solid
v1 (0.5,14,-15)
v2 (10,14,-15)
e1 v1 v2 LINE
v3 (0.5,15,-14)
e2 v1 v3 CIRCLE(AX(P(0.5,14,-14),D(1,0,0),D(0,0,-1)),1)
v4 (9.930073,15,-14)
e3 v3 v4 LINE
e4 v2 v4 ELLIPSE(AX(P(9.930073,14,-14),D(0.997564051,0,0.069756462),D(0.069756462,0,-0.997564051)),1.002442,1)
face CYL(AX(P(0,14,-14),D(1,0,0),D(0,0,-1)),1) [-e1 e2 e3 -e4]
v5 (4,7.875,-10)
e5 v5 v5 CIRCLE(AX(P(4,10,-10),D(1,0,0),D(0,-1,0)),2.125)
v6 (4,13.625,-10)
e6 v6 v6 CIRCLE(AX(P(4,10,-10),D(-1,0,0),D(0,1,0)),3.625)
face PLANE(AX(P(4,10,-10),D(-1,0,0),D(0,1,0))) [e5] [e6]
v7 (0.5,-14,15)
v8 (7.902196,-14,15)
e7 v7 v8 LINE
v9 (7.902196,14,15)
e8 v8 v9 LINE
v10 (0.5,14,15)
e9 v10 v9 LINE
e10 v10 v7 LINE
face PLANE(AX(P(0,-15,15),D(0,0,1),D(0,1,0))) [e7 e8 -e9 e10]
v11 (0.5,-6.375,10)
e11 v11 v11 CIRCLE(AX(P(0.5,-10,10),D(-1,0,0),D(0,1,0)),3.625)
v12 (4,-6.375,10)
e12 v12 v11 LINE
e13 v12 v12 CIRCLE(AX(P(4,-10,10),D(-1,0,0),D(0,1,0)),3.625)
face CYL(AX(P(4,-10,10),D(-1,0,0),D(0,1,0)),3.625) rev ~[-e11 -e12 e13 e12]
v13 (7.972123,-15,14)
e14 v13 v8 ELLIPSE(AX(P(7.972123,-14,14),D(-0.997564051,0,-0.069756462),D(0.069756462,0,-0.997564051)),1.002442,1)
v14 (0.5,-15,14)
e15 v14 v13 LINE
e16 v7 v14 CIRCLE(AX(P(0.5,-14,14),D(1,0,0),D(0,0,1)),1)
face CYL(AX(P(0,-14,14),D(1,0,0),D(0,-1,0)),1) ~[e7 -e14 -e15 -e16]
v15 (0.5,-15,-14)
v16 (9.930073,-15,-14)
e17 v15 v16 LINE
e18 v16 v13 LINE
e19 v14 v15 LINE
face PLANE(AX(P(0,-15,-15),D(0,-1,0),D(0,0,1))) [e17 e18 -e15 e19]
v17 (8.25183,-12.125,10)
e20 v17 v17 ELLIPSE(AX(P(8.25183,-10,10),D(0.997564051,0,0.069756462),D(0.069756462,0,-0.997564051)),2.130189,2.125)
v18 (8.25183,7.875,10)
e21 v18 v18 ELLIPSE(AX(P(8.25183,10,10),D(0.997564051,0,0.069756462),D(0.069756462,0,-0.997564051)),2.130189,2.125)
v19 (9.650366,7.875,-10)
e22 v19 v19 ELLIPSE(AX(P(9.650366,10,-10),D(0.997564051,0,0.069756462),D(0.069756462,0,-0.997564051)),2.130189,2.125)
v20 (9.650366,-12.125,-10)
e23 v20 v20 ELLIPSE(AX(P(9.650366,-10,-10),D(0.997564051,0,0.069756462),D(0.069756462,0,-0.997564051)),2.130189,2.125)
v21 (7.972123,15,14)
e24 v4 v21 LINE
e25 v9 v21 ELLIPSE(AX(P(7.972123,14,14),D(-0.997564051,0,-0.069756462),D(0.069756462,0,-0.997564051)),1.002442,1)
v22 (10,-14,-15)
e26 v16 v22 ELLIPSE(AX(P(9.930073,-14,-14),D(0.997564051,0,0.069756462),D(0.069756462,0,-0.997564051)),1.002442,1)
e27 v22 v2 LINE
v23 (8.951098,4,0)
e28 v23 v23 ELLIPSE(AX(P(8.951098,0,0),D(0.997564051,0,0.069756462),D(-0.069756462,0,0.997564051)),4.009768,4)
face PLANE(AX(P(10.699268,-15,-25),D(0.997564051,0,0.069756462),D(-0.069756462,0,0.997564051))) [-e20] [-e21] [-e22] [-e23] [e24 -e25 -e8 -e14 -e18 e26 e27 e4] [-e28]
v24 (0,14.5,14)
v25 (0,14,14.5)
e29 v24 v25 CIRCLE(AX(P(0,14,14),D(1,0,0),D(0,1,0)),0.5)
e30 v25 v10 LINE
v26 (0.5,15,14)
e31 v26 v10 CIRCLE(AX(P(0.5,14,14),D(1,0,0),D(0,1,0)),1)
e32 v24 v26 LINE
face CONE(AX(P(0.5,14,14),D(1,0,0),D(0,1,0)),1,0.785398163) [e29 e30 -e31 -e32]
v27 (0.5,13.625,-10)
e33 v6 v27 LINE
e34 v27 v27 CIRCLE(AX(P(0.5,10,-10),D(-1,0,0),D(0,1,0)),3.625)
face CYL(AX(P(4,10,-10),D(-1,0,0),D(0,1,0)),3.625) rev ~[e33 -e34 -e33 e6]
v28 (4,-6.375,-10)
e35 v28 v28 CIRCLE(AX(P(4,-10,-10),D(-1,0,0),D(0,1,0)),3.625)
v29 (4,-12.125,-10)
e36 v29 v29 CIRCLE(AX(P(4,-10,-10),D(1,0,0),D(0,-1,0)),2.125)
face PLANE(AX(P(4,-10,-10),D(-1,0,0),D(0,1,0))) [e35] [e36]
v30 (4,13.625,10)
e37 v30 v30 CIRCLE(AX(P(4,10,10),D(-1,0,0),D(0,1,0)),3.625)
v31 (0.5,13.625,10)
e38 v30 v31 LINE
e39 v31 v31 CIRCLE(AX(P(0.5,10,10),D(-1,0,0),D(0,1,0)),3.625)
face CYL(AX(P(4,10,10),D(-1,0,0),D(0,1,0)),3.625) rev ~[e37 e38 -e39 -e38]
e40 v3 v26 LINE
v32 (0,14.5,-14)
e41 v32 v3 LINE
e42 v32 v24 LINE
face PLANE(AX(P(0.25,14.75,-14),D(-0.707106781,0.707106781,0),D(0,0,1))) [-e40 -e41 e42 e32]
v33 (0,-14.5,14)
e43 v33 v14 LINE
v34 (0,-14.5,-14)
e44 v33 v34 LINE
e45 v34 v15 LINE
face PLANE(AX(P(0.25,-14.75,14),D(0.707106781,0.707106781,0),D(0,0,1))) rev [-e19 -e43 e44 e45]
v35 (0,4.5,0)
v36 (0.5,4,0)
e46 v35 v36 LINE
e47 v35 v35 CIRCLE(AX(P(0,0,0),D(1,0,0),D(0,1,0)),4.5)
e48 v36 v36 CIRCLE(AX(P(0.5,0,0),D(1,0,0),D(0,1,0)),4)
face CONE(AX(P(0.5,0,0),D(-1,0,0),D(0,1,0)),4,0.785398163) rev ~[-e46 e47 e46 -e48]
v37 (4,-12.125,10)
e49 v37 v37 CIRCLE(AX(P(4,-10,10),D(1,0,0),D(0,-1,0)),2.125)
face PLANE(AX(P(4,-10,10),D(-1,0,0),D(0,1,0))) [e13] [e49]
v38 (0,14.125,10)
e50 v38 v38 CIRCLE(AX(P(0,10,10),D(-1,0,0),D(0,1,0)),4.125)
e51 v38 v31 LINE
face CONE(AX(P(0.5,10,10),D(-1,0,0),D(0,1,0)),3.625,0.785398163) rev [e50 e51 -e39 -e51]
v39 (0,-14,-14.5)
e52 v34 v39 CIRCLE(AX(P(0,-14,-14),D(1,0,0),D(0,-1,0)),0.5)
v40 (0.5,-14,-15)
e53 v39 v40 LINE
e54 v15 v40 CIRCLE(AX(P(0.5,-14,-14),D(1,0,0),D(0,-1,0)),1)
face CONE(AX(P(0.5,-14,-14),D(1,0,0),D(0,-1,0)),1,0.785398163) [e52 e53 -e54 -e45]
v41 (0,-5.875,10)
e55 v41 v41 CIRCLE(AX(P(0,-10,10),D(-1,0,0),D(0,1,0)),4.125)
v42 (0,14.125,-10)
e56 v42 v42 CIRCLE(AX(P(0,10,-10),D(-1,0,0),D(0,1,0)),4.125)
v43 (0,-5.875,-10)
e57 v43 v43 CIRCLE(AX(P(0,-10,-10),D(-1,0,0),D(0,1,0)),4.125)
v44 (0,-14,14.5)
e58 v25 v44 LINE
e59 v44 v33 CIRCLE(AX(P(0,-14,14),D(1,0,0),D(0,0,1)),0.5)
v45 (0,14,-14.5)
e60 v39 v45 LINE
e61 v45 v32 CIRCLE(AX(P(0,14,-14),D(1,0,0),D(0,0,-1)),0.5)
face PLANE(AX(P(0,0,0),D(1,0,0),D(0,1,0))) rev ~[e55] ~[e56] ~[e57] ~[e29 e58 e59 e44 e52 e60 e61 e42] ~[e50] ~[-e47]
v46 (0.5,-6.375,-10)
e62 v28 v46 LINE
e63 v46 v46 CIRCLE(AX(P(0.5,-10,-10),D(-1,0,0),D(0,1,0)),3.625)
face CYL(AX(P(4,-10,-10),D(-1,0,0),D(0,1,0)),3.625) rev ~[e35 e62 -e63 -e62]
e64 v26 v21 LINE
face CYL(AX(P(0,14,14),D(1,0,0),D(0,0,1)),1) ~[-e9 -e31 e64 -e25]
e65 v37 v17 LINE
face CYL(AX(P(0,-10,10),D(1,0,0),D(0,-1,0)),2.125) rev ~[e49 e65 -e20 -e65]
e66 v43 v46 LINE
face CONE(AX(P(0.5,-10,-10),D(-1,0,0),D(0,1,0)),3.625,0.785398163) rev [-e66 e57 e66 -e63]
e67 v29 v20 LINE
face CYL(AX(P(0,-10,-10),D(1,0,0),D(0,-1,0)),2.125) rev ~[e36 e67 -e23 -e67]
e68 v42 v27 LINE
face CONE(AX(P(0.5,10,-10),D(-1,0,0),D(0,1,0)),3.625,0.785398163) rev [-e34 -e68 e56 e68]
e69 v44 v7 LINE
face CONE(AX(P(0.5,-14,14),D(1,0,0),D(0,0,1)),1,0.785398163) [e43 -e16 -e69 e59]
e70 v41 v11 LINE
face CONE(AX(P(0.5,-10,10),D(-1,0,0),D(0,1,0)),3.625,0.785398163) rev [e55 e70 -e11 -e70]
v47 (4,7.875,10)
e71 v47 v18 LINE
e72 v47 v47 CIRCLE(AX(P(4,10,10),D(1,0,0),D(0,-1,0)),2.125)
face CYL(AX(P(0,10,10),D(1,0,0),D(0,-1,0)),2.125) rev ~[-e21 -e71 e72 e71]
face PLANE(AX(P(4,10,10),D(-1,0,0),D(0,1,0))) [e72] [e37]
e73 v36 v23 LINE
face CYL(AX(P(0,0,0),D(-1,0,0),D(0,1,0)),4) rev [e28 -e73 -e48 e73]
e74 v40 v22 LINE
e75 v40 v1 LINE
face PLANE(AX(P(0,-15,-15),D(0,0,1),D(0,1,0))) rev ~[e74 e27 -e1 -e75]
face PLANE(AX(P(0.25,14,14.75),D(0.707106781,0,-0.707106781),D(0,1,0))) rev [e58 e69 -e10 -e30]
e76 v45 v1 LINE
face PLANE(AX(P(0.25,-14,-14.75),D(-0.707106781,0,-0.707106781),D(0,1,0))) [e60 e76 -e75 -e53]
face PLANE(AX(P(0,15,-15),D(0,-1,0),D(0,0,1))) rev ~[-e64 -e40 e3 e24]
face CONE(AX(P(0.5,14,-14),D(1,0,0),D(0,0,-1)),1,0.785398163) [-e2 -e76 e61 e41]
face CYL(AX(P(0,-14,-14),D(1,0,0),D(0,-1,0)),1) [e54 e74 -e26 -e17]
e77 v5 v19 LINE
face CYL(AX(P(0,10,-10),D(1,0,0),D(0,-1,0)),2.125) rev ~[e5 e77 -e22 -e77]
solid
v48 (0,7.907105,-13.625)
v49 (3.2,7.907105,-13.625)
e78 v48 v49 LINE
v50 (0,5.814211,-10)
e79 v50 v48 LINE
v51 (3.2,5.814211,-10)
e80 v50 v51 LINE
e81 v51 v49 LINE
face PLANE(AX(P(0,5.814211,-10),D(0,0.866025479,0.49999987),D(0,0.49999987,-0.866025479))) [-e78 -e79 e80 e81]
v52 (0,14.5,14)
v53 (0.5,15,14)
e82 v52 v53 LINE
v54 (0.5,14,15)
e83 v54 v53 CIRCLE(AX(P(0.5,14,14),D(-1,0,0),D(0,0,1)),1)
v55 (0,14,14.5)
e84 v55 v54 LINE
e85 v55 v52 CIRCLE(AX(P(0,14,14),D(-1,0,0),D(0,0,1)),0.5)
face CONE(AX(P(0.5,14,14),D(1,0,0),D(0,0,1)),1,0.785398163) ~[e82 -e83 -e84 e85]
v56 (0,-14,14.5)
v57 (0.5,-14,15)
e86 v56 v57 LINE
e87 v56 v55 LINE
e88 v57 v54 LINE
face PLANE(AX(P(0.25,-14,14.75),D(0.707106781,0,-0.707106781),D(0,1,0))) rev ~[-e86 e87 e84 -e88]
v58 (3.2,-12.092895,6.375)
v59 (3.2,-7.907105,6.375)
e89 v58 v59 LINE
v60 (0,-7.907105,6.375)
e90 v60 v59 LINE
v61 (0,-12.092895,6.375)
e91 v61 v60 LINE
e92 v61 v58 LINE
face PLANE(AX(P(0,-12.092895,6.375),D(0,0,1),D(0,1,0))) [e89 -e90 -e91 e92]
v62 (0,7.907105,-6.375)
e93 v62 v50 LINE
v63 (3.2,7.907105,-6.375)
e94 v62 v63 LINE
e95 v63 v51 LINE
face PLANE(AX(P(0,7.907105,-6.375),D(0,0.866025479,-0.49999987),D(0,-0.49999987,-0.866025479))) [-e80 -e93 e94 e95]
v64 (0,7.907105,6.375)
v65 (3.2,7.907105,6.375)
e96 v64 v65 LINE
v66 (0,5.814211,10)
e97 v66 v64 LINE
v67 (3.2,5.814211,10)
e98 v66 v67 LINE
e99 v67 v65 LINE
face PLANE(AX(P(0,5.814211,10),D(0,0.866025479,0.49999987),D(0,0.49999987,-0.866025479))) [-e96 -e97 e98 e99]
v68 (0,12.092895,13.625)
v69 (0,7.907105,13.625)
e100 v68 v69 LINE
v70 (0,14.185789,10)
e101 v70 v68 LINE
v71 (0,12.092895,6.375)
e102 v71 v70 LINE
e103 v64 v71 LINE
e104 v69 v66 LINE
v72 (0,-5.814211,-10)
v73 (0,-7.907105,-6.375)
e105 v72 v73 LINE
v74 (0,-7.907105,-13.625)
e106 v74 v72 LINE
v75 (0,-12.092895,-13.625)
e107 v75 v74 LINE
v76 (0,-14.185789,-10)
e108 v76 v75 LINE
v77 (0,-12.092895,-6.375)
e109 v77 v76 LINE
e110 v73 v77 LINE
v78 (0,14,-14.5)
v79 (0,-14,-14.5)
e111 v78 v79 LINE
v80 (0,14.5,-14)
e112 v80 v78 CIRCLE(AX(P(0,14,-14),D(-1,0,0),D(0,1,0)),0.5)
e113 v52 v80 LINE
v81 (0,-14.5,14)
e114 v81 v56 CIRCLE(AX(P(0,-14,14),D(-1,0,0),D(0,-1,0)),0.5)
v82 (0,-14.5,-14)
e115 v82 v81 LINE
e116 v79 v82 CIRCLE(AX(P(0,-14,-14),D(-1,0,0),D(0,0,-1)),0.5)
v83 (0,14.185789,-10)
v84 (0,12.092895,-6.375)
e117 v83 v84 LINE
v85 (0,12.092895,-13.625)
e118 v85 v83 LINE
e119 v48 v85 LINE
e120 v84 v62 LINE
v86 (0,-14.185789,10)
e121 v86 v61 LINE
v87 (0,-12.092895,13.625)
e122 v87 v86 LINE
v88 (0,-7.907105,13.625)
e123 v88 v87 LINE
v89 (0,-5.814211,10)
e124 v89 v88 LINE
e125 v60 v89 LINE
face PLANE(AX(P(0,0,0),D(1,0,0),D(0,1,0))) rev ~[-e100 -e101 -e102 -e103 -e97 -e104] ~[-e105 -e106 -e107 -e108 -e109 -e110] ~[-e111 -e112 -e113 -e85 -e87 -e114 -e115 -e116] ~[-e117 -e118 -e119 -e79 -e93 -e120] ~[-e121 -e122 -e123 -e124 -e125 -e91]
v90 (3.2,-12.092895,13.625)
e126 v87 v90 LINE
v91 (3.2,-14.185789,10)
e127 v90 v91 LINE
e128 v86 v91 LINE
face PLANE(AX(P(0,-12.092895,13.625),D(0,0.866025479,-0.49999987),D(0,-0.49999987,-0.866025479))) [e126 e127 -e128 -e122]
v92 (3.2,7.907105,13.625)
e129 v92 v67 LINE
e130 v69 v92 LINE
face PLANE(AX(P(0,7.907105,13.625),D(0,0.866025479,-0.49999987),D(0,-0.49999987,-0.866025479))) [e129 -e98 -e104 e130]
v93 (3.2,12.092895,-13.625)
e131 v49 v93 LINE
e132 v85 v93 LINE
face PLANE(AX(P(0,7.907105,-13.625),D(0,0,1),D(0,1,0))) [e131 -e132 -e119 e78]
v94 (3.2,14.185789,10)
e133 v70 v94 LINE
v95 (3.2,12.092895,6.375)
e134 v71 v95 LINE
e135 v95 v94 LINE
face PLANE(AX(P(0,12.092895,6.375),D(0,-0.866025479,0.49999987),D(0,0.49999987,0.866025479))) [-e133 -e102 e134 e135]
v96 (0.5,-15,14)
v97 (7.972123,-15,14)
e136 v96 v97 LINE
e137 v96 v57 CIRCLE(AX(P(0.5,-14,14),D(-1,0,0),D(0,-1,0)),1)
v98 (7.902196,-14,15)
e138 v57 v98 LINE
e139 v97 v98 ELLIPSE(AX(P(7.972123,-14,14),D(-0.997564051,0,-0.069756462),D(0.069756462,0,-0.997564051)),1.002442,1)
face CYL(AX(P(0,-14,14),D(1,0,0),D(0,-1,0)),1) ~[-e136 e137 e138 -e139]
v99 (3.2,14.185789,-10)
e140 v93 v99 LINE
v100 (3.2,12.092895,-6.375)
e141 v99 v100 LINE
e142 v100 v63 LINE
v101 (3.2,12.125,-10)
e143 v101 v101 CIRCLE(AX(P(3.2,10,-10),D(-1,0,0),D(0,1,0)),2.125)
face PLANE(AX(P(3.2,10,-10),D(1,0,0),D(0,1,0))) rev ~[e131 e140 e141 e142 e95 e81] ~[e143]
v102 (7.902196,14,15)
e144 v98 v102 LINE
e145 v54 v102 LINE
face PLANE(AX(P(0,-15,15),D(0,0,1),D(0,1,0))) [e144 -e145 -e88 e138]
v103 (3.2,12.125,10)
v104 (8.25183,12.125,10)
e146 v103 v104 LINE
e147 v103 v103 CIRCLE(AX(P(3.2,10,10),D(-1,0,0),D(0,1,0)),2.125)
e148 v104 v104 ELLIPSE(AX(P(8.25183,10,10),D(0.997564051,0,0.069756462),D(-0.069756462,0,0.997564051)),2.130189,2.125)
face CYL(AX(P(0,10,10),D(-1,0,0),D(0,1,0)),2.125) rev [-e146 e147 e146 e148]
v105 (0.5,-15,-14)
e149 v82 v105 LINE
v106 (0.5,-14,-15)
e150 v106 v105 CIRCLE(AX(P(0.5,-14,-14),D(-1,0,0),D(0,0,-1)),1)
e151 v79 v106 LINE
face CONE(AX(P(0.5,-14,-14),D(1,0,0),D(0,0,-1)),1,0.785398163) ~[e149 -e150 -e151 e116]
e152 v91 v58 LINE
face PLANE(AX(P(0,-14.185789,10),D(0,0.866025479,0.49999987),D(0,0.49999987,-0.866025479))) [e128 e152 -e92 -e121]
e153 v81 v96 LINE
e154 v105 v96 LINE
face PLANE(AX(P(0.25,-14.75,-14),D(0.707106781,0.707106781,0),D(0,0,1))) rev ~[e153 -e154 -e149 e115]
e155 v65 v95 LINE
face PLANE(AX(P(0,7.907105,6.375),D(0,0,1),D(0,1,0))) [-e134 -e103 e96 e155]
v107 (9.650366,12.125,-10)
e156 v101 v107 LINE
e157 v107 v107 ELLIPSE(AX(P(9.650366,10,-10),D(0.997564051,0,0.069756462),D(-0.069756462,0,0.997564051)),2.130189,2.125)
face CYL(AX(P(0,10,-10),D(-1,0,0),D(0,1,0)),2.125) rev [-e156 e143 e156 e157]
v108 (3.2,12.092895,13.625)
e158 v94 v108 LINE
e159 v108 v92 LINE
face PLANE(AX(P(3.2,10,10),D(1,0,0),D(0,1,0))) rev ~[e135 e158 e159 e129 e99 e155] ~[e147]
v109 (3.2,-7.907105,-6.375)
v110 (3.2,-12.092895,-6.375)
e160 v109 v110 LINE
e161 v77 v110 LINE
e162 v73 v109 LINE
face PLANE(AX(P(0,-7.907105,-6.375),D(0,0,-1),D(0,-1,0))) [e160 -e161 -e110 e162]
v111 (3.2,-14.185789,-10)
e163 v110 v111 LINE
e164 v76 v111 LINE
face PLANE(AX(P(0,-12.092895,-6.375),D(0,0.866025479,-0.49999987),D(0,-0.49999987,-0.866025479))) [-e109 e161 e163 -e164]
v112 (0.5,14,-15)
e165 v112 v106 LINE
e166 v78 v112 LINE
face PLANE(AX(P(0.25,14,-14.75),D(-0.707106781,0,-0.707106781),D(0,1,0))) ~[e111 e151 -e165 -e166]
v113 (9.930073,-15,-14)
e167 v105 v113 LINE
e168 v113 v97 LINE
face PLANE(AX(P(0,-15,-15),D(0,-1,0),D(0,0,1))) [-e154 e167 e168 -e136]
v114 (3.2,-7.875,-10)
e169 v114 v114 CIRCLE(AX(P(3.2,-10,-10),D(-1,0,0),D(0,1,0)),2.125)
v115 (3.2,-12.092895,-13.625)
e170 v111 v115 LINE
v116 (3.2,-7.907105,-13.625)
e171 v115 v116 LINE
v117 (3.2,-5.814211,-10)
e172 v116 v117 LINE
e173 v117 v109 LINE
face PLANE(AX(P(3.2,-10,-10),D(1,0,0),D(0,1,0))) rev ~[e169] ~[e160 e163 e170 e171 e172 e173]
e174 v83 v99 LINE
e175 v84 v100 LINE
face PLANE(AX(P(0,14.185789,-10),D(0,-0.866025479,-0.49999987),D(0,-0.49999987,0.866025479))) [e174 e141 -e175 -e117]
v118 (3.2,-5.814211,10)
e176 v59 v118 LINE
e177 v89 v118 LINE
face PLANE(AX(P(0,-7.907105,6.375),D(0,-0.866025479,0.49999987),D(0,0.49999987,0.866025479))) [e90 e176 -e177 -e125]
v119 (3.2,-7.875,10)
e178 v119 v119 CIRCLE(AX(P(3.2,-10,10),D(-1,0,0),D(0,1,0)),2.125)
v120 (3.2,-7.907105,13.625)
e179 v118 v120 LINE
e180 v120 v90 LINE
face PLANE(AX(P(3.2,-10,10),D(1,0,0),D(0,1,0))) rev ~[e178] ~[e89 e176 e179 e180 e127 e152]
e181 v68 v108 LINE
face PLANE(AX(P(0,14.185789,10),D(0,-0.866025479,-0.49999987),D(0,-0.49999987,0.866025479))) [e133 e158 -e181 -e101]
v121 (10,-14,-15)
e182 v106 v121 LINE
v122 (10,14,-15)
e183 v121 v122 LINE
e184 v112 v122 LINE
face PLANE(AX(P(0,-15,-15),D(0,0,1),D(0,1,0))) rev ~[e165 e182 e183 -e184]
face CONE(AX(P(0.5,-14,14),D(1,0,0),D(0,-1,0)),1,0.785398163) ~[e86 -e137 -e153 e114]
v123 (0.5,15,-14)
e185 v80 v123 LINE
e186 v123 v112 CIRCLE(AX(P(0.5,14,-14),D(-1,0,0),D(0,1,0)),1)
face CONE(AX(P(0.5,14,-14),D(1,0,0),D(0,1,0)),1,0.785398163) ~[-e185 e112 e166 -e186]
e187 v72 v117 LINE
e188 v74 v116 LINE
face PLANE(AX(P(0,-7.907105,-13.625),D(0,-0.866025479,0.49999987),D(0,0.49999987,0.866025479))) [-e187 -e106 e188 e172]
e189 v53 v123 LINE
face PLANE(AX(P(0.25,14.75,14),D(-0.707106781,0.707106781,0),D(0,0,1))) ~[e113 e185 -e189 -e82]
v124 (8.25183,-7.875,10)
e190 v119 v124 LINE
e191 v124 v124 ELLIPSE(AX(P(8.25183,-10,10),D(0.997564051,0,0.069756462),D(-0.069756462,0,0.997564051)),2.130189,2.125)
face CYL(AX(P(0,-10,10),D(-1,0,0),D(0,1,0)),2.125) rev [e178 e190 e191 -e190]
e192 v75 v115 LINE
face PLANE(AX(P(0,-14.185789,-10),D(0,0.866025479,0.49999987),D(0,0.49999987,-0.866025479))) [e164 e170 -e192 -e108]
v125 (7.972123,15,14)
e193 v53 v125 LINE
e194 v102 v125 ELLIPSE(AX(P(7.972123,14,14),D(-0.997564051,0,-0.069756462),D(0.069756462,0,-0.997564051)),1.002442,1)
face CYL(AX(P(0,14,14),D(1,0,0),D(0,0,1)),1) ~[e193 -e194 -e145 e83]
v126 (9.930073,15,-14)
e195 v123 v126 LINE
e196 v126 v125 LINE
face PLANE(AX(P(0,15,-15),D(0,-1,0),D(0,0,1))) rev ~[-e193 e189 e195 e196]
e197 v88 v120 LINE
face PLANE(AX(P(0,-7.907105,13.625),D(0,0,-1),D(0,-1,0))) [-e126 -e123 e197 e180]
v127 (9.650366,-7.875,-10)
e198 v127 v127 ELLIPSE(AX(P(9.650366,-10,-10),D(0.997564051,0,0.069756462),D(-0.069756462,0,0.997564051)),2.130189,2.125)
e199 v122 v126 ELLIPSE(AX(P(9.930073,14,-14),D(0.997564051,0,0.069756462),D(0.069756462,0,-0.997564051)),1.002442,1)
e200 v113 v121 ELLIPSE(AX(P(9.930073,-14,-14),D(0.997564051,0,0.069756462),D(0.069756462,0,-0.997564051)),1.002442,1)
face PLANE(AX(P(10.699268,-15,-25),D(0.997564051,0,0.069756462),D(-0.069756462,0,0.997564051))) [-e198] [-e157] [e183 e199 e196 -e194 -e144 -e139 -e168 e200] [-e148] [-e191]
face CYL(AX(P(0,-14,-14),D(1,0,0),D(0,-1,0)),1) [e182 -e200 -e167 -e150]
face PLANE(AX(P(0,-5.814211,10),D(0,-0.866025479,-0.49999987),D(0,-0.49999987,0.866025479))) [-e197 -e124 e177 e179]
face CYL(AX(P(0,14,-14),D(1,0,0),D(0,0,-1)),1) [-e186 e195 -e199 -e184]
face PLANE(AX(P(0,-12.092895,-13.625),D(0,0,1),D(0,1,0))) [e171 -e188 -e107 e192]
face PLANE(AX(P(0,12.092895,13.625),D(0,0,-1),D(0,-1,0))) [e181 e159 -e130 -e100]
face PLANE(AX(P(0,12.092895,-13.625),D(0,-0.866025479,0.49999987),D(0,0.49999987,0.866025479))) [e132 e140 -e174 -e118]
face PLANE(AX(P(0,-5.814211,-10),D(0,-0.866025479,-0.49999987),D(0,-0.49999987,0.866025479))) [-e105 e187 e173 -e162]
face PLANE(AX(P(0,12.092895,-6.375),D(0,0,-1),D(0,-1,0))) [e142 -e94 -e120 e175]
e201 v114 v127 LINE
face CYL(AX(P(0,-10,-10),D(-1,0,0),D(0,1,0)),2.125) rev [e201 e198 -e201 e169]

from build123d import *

# Parameters (mm, degrees)
SKETCH_W         = 30
SKETCH_H         = 30
SKETCH_R         = 4
PAD_DEPTH        = 10
POCKET_DEPTH     = 30.001
HOLE_D           = 4.25
HOLE_DEPTH       = 25
HOLE_CBORE_D     = 7.25
HOLE_CBORE_DEPTH = 4
FILLET_R         = 1
CHAMFER_SIZE     = 0.5
SKETCH005_W      = 30
SKETCH005_H      = 30
PAD002_DEPTH     = 10
POCKET002_DEPTH  = 30.001
POCKET003_DEPTH  = 3.2
SKETCH008_R      = 2.125
HOLE001_DEPTH    = 10.001
FILLET001_R      = 1
CHAMFER002_SIZE  = 0.5


with BuildPart() as inner_guard:
    # Sketch → Pad (new body)
    with BuildSketch(Plane.YZ):
        Rectangle(SKETCH_W, SKETCH_H)
        Circle(SKETCH_R, mode=Mode.SUBTRACT)
    extrude(amount=PAD_DEPTH)

    # Sketch001 (on Face1 of Pad) → Pocket (cut, through all)
    with BuildSketch(Plane(origin=(0, -15, 0), x_dir=(0, 0, -1), z_dir=(0, -1, 0))):
        Polygon((25, 10.699268), (-25, 7.202928), (-25, 10.699268), align=None)
    extrude(amount=-POCKET_DEPTH, mode=Mode.SUBTRACT)

    # Hole
    with Locations(Plane(origin=(0, 0, 0), x_dir=(0, 1, 0), z_dir=(-1, 0, 0))):
        with Locations((10, -10), (-10, -10), (-10, 10), (10, 10)):
            CounterBoreHole(HOLE_D / 2, HOLE_CBORE_D / 2, HOLE_CBORE_DEPTH, depth=HOLE_DEPTH)

    # Fillet
    fillet_edges = [inner_guard.edges().sort_by_distance(p)[0] for p in [
        (3.951098, -15, 15),
        (5, -15, -15),
        (3.951098, 15, 15),
        (5, 15, -15),
    ]]
    fillet(fillet_edges, radius=FILLET_R)

    # Chamfer
    chamfer_edges = [inner_guard.edges().sort_by_distance(p)[0] for p in [
        (0, 15, 0),
        (0, 0, -15),
        (0, 0, 15),
        (0, -15, 0),
        (0, 13.625, -10),
        (0, 13.625, 10),
        (0, -6.375, 10),
        (0, -6.375, -10),
        (0, -4, 0),
    ]]
    chamfer(chamfer_edges, length=CHAMFER_SIZE)


with BuildPart() as outter_guard:
    # Sketch005 → Pad002 (new body)
    with BuildSketch(Plane.YZ):
        Rectangle(SKETCH005_W, SKETCH005_H)
    extrude(amount=PAD002_DEPTH)

    # Sketch006 (on Face1 of Pad002) → Pocket002 (cut, through all)
    with BuildSketch(Plane(origin=(0, -15, 0), x_dir=(0, 0, -1), z_dir=(0, -1, 0))):
        Polygon((25, 10.699268), (-25, 7.202928), (-25, 10.699268), align=None)
    extrude(amount=-POCKET002_DEPTH, mode=Mode.SUBTRACT)

    # Sketch007 → Pocket003 (cut)
    with BuildSketch(Plane.YZ):
        Polygon((-12.092895, 6.375), (-7.907105, 6.375), (-5.814211, 10), (-7.907105, 13.625), (-12.092895, 13.625), (-14.185789, 10), align=None)
        Polygon((7.907105, 6.375), (12.092895, 6.375), (14.185789, 10), (12.092895, 13.625), (7.907105, 13.625), (5.814211, 10), align=None)
        Polygon((7.907105, -13.625), (12.092895, -13.625), (14.185789, -10), (12.092895, -6.375), (7.907105, -6.375), (5.814211, -10), align=None)
        Polygon((-12.092895, -13.625), (-7.907105, -13.625), (-5.814211, -10), (-7.907105, -6.375), (-12.092895, -6.375), (-14.185789, -10), align=None)
    extrude(amount=POCKET003_DEPTH, mode=Mode.SUBTRACT)

    # Sketch008 → Hole001 (cut, through all)
    with BuildSketch(Plane.YZ):
        with Locations((10, 10)):
            Circle(SKETCH008_R)
        with Locations((-10, 10)):
            Circle(SKETCH008_R)
        with Locations((10, -10)):
            Circle(SKETCH008_R)
        with Locations((-10, -10)):
            Circle(SKETCH008_R)
    extrude(amount=HOLE001_DEPTH, mode=Mode.SUBTRACT)

    # Fillet001
    fillet001_edges = [outter_guard.edges().sort_by_distance(p)[0] for p in [
        (3.951098, -15, 15),
        (3.951098, 15, 15),
        (5, -15, -15),
        (5, 15, -15),
    ]]
    fillet(fillet001_edges, radius=FILLET001_R)

    # Chamfer002
    chamfer002_edges = [outter_guard.edges().sort_by_distance(p)[0] for p in [
        (0, 0, 15),
        (0, -15, 0),
        (0, 0, -15),
        (0, 15, 0),
    ]]
    chamfer(chamfer002_edges, length=CHAMFER002_SIZE)


solid = Compound([inner_guard.part, outter_guard.part])
